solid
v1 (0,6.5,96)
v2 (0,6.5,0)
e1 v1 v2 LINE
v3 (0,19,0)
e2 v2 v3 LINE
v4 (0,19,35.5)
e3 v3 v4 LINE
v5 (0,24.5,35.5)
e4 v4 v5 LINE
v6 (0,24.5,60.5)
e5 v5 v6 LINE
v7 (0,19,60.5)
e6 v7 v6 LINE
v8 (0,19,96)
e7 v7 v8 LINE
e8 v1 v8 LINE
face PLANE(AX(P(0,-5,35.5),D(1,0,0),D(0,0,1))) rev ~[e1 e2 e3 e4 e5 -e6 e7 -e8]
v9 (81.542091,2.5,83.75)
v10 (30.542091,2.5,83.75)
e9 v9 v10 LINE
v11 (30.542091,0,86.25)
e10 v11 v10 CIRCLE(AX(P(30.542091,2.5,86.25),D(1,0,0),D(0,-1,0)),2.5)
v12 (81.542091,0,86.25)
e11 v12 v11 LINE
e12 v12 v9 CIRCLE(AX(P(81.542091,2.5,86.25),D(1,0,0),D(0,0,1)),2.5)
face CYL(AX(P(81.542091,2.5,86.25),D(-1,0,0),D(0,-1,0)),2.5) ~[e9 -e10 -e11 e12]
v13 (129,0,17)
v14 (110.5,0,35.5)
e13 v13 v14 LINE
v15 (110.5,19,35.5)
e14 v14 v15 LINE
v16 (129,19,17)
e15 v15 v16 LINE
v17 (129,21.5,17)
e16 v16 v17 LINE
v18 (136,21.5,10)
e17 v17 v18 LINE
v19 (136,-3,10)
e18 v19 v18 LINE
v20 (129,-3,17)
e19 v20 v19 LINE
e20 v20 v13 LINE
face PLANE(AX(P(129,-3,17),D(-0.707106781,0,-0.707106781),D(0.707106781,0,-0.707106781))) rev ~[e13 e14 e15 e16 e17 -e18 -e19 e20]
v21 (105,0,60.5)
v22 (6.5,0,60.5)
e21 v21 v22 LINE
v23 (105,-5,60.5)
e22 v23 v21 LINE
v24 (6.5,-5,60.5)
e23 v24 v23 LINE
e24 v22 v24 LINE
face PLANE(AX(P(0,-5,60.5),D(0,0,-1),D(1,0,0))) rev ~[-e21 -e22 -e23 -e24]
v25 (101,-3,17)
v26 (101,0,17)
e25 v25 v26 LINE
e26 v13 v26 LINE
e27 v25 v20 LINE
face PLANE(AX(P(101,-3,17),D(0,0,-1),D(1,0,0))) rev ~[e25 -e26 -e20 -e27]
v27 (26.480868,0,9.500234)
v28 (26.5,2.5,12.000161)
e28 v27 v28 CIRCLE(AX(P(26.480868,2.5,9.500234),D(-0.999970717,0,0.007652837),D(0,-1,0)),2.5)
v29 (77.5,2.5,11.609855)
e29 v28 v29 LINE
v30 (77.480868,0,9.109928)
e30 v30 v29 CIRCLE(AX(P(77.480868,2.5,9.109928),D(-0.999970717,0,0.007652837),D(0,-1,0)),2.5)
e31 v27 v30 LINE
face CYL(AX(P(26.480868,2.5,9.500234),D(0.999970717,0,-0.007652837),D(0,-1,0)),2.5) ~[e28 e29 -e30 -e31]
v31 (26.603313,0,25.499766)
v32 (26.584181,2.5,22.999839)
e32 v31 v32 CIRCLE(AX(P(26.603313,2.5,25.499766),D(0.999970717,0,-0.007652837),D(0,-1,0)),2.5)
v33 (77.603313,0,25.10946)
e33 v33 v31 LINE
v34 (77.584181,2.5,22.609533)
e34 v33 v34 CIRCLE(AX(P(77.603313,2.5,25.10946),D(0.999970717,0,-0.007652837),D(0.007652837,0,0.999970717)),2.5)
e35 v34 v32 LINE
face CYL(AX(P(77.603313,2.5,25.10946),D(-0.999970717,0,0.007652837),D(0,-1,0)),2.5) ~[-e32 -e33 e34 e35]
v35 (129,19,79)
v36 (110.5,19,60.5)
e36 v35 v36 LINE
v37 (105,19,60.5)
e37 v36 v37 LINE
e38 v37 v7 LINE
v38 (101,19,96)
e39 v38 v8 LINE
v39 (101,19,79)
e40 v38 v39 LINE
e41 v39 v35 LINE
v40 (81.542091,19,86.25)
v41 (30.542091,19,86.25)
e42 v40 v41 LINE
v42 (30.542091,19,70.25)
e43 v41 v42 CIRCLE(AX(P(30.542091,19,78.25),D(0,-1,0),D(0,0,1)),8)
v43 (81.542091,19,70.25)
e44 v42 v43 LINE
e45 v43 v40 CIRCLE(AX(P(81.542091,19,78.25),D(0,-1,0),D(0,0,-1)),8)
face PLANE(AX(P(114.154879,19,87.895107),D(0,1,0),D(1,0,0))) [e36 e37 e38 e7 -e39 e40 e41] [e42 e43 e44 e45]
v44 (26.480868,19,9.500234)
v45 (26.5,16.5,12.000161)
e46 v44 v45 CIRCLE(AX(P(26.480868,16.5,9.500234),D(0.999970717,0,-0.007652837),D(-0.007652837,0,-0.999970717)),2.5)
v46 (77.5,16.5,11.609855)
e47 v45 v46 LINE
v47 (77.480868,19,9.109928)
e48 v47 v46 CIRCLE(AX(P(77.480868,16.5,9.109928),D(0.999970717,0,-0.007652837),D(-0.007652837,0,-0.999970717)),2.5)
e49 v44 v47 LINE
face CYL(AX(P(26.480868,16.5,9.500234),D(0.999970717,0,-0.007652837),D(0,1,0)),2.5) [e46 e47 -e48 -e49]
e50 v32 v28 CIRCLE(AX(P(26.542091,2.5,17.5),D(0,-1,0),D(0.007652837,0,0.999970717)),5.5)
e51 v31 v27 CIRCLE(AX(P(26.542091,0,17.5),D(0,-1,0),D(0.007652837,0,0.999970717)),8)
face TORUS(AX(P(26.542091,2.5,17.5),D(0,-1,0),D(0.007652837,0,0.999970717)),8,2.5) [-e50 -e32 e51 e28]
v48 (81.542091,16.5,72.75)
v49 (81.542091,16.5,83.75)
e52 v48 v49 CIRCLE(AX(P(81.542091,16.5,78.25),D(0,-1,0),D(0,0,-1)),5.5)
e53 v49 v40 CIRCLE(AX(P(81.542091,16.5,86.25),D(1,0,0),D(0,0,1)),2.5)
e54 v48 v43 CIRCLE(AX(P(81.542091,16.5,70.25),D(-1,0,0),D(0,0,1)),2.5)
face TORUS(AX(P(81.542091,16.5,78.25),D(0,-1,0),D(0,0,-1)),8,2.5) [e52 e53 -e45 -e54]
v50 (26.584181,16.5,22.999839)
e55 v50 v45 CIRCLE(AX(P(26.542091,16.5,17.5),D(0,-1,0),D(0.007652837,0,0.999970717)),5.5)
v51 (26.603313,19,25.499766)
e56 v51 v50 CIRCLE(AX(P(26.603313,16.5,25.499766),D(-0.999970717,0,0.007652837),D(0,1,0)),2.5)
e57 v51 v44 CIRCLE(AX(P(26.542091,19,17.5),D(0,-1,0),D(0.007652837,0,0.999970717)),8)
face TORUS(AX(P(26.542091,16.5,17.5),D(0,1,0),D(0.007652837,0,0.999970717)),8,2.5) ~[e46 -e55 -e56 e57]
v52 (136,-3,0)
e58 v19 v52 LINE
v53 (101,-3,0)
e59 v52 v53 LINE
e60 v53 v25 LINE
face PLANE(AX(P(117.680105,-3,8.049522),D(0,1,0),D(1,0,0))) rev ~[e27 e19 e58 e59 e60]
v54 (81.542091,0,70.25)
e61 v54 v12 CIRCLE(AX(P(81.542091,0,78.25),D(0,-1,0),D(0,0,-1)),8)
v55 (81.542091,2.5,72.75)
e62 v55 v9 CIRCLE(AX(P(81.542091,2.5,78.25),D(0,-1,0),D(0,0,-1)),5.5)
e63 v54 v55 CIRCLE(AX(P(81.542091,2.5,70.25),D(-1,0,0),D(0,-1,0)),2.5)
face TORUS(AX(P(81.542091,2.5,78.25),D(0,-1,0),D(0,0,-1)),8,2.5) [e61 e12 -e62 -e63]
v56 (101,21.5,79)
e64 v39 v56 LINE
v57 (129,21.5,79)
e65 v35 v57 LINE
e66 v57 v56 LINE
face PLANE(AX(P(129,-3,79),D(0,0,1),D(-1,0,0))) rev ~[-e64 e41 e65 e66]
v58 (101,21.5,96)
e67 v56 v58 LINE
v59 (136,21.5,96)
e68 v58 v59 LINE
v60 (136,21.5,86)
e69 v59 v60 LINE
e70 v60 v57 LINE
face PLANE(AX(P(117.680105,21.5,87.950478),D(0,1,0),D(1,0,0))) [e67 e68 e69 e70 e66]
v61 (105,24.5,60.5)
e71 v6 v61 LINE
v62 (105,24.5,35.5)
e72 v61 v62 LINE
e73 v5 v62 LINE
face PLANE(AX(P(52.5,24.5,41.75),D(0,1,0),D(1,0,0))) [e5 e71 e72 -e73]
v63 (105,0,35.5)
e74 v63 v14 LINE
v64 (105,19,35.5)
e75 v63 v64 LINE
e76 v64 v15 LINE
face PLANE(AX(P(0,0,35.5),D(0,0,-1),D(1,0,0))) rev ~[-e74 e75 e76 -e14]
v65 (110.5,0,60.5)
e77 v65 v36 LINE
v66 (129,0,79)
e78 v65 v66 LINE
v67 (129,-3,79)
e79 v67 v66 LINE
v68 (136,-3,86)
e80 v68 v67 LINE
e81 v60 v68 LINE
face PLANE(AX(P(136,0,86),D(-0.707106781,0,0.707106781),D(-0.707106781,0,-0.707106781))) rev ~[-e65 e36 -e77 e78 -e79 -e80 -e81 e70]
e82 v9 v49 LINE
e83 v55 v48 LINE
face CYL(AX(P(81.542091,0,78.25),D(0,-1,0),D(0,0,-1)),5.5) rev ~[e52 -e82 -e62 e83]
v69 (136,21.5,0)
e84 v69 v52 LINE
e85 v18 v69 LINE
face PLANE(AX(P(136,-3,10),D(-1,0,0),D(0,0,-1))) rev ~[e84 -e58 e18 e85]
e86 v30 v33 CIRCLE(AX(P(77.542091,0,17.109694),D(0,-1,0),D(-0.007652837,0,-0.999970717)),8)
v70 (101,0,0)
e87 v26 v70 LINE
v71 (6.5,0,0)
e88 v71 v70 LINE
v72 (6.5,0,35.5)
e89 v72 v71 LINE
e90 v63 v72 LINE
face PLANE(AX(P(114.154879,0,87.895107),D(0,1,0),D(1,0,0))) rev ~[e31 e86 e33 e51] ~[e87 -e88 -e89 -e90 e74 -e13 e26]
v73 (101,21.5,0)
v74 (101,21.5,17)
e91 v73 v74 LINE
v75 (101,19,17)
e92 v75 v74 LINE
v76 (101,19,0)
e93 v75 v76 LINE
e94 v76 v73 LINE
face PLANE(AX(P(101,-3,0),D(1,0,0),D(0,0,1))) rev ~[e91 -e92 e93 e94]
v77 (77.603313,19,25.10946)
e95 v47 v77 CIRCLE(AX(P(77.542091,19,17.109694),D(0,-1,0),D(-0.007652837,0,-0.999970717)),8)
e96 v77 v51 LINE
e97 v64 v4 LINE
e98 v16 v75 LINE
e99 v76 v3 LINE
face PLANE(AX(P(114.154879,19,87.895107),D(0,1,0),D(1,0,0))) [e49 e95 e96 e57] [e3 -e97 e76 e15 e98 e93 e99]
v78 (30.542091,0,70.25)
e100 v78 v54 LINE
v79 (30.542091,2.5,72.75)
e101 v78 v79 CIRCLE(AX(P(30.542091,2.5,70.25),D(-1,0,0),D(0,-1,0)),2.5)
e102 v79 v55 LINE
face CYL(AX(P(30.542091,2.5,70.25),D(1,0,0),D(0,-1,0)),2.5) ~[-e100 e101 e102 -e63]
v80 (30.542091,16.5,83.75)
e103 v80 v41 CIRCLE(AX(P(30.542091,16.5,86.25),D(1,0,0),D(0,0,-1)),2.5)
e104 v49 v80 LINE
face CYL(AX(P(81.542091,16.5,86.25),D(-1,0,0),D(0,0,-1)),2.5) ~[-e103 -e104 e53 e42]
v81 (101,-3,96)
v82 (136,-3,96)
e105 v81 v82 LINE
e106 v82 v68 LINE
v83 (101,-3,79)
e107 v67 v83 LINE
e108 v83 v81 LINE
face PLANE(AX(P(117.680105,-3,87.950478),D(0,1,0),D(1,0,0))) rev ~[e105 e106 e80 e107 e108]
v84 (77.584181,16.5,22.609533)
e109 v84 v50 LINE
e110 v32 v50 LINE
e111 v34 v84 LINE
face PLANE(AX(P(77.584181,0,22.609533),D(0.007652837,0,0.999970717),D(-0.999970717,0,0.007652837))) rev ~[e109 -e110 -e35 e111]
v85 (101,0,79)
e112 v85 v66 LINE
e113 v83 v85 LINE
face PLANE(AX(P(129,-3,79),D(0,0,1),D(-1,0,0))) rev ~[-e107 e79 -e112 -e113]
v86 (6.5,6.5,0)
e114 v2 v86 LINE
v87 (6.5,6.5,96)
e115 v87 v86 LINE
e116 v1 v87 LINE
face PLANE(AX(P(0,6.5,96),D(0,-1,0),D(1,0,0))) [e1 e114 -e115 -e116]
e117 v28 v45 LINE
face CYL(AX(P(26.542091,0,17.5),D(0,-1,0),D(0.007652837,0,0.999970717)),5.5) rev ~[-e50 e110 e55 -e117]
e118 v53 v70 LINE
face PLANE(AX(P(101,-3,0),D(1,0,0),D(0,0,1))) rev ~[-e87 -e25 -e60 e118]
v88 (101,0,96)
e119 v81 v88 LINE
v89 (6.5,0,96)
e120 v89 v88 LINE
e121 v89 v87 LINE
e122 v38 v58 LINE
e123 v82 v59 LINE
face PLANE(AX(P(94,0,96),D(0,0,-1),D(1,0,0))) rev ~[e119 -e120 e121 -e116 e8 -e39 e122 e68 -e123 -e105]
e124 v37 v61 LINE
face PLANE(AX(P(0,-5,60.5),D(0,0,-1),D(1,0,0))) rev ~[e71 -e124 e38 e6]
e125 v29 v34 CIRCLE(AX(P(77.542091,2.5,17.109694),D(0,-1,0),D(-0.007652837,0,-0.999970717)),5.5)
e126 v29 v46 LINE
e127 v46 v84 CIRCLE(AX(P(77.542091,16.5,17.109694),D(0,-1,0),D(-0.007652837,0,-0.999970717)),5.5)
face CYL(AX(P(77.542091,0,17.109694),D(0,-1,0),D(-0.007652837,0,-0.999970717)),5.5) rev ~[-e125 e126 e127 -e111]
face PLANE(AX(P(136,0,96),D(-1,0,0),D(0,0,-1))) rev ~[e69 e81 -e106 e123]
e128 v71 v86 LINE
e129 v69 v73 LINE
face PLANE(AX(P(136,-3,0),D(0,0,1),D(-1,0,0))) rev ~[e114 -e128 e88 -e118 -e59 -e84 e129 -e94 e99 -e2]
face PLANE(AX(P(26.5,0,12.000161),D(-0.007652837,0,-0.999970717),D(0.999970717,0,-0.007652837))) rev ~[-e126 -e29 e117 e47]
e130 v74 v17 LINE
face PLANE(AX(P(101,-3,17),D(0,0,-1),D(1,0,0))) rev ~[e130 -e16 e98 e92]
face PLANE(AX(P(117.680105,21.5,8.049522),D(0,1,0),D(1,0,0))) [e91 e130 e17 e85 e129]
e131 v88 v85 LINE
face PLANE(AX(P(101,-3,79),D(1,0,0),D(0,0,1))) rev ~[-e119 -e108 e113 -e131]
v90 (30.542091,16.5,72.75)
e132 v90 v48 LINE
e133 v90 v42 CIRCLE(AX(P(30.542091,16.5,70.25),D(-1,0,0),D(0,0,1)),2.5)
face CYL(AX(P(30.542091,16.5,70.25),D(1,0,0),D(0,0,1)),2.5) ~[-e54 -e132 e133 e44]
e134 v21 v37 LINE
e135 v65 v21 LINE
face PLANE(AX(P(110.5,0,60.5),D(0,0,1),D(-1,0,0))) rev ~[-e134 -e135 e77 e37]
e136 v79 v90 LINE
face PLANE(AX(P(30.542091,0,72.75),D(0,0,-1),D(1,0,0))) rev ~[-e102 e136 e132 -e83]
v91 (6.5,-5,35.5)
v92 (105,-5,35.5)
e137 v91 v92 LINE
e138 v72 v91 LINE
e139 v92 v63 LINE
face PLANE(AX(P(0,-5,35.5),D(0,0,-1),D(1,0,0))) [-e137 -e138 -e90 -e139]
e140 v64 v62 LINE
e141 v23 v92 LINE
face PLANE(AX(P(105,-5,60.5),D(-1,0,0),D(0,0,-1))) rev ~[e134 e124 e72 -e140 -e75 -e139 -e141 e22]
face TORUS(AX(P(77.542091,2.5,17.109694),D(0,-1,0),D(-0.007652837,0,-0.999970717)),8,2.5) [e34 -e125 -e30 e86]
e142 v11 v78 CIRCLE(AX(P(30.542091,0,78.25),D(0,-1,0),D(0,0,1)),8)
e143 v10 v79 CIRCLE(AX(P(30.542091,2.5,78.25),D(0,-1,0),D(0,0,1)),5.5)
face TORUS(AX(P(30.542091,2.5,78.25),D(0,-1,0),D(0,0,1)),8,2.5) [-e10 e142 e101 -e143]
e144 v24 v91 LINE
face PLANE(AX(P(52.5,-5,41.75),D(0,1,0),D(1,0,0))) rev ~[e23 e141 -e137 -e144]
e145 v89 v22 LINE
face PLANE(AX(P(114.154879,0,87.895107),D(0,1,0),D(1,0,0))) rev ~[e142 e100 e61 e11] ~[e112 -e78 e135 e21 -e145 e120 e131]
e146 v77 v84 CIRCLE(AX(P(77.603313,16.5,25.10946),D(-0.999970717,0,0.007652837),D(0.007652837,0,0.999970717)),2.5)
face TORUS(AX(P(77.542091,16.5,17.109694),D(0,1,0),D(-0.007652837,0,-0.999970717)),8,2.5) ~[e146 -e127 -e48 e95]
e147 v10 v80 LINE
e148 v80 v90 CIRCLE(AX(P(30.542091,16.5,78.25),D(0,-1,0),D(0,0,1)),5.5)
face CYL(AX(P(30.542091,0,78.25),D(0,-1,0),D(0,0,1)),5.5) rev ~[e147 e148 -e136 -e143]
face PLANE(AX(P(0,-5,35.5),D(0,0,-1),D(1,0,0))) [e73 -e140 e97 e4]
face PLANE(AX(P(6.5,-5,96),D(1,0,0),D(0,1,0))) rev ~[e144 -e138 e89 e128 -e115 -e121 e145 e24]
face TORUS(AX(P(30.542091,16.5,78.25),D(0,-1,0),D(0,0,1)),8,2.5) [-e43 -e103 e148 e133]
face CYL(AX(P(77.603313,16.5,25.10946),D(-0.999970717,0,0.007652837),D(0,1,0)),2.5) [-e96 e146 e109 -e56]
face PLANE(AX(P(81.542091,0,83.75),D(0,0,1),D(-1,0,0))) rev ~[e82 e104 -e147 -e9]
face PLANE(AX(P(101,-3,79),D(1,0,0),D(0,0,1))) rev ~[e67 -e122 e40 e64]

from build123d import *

# Parameters (mm, degrees)
SKETCH1_W                = 105
SKETCH1_H                = 25
BOSS_EXTRUDE4_DEPTH      = 19
BOSS_EXTRUDE5_DEPTH      = 5.5
BOSS_EXTRUDE5_DEPTH_BACK = 24
SKETCH4_W                = 105
SKETCH4_H                = 12.5
FILLET3_R                = 2.5
BOSS_EXTRUDE7_DEPTH      = 2.5
BOSS_EXTRUDE7_DEPTH_BACK = 22
SKETCH7_W                = 6.5
SKETCH7_H                = 11.5
CUT_EXTRUDE1_DEPTH       = 96


with BuildPart() as part:
    # Sketch1 → Boss-Extrude4 (new body)
    # profile 1 of 5: a face of its own
    with BuildSketch(Plane(origin=(0, 0, 0), x_dir=(1, 0, 0), z_dir=(0, 1, 0))):
        Polygon((136, 0), (94, 0), (94, -17), (129, -17), (136, -10), align=None)
    # profile 2 of 5: a face of its own
    with BuildSketch(Plane(origin=(0, 0, 0), x_dir=(1, 0, 0), z_dir=(0, 1, 0))):
        Polygon((94, 0), (0, 0), (0, -35.5), (105, -35.5), (110.5, -35.5), (129, -17), (94, -17), align=None)
        with BuildLine():
            ThreePointArc((26.584181208, -22.999838941), (21.042251663, -17.542090604), (26.5, -12.000161059))
            Line((26.5, -12.000161059), (77.5, -11.609854936))
            ThreePointArc((77.5, -11.609854936), (83.041929546, -17.067603273), (77.584181208, -22.609532819))
            Line((77.584181208, -22.609532819), (26.584181208, -22.999838941))
        make_face(mode=Mode.SUBTRACT)
    # profile 3 of 5: a face of its own
    with BuildSketch(Plane(origin=(0, 0, 0), x_dir=(1, 0, 0), z_dir=(0, 1, 0))):
        with Locations((52.5, -48)):
            Rectangle(SKETCH1_W, SKETCH1_H)
    # profile 4 of 5: a face of its own
    with BuildSketch(Plane(origin=(0, 0, 0), x_dir=(1, 0, 0), z_dir=(0, 1, 0))):
        Polygon((105, -60.5), (0, -60.5), (0, -96), (94, -96), (94, -79), (129, -79), (110.5, -60.5), align=None)
        with BuildLine():
            ThreePointArc((30.542090604, -83.75), (25.042090604, -78.25), (30.542090604, -72.75))
            Line((30.542090604, -72.75), (81.542090604, -72.75))
            ThreePointArc((81.542090604, -72.75), (87.042090604, -78.25), (81.542090604, -83.75))
            Line((81.542090604, -83.75), (30.542090604, -83.75))
        make_face(mode=Mode.SUBTRACT)
    # profile 5 of 5: a face of its own
    with BuildSketch(Plane(origin=(0, 0, 0), x_dir=(1, 0, 0), z_dir=(0, 1, 0))):
        Polygon((94, -79), (94, -96), (136, -96), (136, -86), (129, -79), align=None)
    extrude(amount=BOSS_EXTRUDE4_DEPTH)

    # Sketch4 → Boss-Extrude5 (add, two sides: drawn at the far end of the back side and taken through both)
    with BuildSketch(Plane(origin=(0, 19, 0), x_dir=(1, 0, 0), z_dir=(0, 1, 0)).offset(-BOSS_EXTRUDE5_DEPTH_BACK)):
        with Locations((52.5, -41.75)):
            Rectangle(SKETCH4_W, SKETCH4_H)
        with Locations((52.5, -54.25)):
            Rectangle(SKETCH4_W, SKETCH4_H)
    extrude(amount=BOSS_EXTRUDE5_DEPTH + BOSS_EXTRUDE5_DEPTH_BACK)

    # Fillet3
    fillet3_edges = [part.edges().sort_by_distance(p)[0] for p in [
        (56.042090604, 19, 72.75),
        (56.042090604, 0, 72.75),
        (25.042090604, 0, 78.25),
        (56.042090604, 0, 83.75),
        (87.042090604, 0, 78.25),
        (52, 0, 11.805007997),
        (21.042251663, 0, 17.542090604),
        (52.084181208, 0, 22.80468588),
        (83.041929546, 0, 17.067603273),
        (83.041929546, 19, 17.067603273),
        (52.084181208, 19, 22.80468588),
        (21.042251663, 19, 17.542090604),
        (52, 19, 11.805007997),
        (87.042090604, 19, 78.25),
        (56.042090604, 19, 83.75),
        (25.042090604, 19, 78.25),
    ]]
    fillet(fillet3_edges, radius=FILLET3_R)

    # Sketch5 → Boss-Extrude7 (add, two sides: drawn at the far end of the back side and taken through both)
    with BuildSketch(Plane(origin=(0, 19, 0), x_dir=(1, 0, 0), z_dir=(0, 1, 0)).offset(-BOSS_EXTRUDE7_DEPTH_BACK)):
        Polygon((101, 0), (101, -17), (129, -17), (136, -10), (136, 0), align=None)
        Polygon((136, -86), (129, -79), (101, -79), (101, -96), (136, -96), align=None)
    extrude(amount=BOSS_EXTRUDE7_DEPTH + BOSS_EXTRUDE7_DEPTH_BACK)

    # Sketch7 → Cut-Extrude1 (cut)
    with BuildSketch(Plane.XY.offset(96)):
        with Locations((3.25, 0.75)):
            Rectangle(SKETCH7_W, SKETCH7_H)
    extrude(amount=-CUT_EXTRUDE1_DEPTH, mode=Mode.SUBTRACT)


solid = part.part
